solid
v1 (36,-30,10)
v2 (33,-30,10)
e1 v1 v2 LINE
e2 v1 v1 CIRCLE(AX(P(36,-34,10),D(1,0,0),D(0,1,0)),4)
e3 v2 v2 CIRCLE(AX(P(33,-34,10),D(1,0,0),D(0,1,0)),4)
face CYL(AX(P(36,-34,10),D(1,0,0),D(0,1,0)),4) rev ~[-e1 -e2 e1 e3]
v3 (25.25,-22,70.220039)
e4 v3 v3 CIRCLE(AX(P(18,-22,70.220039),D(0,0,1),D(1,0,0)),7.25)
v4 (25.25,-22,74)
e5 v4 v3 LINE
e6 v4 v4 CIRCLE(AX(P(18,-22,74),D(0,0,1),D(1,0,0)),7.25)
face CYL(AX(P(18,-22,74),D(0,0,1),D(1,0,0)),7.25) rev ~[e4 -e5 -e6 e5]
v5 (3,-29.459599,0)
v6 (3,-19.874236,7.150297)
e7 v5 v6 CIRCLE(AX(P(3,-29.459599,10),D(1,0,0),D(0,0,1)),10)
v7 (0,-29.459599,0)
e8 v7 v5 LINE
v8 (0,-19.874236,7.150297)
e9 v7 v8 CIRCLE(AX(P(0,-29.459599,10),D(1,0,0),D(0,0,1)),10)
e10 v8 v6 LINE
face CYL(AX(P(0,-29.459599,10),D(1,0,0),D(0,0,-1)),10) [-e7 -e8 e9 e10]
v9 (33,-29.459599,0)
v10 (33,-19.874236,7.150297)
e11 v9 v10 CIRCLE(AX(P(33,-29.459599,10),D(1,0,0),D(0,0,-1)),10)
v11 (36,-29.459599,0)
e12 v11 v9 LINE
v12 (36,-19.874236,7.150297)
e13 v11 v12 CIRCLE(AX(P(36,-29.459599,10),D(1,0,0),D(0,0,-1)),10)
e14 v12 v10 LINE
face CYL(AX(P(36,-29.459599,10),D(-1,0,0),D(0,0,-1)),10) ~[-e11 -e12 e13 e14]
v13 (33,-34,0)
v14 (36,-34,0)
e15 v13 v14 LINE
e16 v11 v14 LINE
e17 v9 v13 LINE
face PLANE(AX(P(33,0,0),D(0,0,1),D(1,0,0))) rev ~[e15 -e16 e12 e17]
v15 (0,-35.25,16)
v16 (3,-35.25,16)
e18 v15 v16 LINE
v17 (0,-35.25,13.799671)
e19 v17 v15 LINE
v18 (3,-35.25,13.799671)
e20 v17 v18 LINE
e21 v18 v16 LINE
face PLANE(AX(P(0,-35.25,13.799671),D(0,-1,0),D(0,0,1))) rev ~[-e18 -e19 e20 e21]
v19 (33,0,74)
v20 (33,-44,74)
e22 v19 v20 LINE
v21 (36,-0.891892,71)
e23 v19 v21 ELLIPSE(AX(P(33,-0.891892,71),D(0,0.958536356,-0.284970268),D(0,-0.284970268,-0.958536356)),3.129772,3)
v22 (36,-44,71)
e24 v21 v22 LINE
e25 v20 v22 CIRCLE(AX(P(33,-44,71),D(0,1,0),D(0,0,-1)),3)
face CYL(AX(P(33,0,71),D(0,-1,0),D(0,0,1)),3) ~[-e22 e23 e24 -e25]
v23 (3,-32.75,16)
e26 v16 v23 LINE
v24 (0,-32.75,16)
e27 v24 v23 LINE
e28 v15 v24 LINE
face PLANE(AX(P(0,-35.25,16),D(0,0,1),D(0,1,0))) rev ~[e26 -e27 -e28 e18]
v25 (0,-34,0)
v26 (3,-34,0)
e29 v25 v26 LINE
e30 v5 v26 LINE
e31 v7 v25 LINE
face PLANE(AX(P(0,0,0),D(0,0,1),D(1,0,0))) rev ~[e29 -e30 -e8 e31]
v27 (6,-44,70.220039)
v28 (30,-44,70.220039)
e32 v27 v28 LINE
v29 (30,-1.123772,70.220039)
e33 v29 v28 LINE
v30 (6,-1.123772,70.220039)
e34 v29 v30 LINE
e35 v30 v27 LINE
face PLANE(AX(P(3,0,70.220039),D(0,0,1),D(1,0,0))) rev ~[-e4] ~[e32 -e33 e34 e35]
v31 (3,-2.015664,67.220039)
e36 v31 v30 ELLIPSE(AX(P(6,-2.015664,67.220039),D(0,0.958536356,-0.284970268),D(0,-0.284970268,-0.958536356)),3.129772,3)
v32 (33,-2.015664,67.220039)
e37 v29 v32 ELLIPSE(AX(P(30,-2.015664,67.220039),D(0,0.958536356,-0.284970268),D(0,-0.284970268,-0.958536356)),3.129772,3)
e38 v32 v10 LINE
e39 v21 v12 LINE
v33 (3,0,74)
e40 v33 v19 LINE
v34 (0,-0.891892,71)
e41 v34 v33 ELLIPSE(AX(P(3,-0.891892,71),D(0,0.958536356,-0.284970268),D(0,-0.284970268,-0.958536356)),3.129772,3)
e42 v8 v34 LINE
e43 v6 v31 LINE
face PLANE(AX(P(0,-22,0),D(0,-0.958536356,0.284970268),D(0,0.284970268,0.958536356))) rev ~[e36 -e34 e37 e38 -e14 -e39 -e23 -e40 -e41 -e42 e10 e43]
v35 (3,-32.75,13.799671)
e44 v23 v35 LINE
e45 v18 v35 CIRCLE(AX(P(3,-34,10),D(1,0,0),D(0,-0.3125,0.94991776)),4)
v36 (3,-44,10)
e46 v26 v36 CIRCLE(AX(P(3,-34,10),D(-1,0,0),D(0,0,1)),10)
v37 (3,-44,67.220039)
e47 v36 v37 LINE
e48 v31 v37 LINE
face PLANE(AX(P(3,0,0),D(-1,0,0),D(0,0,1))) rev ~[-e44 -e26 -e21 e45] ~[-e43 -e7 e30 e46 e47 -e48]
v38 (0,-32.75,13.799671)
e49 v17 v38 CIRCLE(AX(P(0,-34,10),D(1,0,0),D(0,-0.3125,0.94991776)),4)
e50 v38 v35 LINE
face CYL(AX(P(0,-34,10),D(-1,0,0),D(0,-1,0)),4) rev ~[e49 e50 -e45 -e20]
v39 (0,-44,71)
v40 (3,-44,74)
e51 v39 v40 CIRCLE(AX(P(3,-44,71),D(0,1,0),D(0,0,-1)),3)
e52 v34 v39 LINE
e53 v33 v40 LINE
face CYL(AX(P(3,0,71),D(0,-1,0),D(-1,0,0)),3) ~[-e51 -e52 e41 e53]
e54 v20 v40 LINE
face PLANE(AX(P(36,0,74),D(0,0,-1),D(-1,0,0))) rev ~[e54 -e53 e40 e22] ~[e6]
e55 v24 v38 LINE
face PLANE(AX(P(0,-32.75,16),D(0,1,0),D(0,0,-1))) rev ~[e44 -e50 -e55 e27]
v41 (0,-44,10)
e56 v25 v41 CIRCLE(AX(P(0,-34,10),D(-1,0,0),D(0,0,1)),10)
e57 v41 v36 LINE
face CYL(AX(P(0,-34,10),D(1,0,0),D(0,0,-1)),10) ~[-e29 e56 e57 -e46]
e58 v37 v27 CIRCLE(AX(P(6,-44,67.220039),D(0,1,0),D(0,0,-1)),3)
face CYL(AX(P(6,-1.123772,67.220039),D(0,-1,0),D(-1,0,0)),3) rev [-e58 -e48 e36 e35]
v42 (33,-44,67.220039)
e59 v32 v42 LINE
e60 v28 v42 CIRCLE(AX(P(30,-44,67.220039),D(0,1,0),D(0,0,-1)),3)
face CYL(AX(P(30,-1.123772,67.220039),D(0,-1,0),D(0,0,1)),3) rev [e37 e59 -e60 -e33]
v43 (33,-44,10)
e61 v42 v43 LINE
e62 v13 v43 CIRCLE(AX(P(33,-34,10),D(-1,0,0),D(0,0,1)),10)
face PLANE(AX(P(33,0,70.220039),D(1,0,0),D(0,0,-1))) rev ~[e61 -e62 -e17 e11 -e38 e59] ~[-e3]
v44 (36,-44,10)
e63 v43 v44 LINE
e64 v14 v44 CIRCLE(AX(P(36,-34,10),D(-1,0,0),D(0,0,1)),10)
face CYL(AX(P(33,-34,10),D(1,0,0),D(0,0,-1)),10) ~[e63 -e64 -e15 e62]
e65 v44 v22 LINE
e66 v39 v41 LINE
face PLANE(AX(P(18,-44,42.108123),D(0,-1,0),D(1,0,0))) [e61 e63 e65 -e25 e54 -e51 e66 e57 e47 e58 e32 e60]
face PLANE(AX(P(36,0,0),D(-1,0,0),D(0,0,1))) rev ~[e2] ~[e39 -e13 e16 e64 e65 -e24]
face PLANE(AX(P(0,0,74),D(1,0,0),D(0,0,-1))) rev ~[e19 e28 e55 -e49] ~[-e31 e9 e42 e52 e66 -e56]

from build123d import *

# Parameters (mm, degrees)
F1_DEPTH  = 44
F2_R      = 4
F3_DEPTH  = 25
F4_DEPTH  = 25
F6_DEPTH  = 25
F5_R      = 4
F7_DEPTH  = 25
F8_R      = 3
F10_DEPTH = 25
F11_R     = 10
F12_R     = 7.25
F13_DEPTH = 25


with BuildPart() as f1:
    # F0 (on Front) → F1 (new body)
    with BuildSketch(Plane.XZ):
        Polygon((0, 74), (0, 0), (3, 0), (3, 70.2200388411), (33, 70.2200388411), (33, 0), (36, 0), (36, 74), align=None)
    extrude(amount=F1_DEPTH)

    # F2 (on face) → F3 (cut)
    with BuildSketch(Plane.YZ.offset(36)):
        with Locations((-34, 10)):
            Circle(F2_R)
    extrude(amount=-F3_DEPTH, mode=Mode.SUBTRACT)

    # F2 (on face) → F4 (cut)
    with BuildSketch(Plane.YZ.offset(36)):
        Polygon((0, 74), (-22, 0), (0, 0), align=None)
    extrude(amount=-F4_DEPTH, mode=Mode.SUBTRACT)

    # F5 (on face) → F6 (cut)
    with BuildSketch(Plane(origin=(0, 0, 0), x_dir=(0, -1, 0), z_dir=(-1, 0, 0))):
        Polygon((22, 0), (0, 74), (0, 0), align=None)
    extrude(amount=-F6_DEPTH, mode=Mode.SUBTRACT)

    # F5 (on face) → F7 (cut)
    with BuildSketch(Plane(origin=(0, 0, 0), x_dir=(0, -1, 0), z_dir=(-1, 0, 0))):
        with Locations((34, 10)):
            Circle(F5_R)
    extrude(amount=-F7_DEPTH, mode=Mode.SUBTRACT)

    # F8
    f8_edges = [f1.edges().sort_by_distance(p)[0] for p in [
        (36, -22, 74),
        (0, -22, 74),
        (33, -22.561886, 70.220039),
        (3, -22.561886, 70.220039),
    ]]
    fillet(f8_edges, radius=F8_R)

    # F9 (on face) → F10 (cut)
    with BuildSketch(Plane(origin=(0, 0, 0), x_dir=(0, -1, 0), z_dir=(-1, 0, 0))):
        with BuildLine():
            Line((32.75, 16), (32.75, 13.7996710384))
            ThreePointArc((32.75, 13.7996710384), (34, 14), (35.25, 13.7996710384))
            Line((35.25, 13.7996710384), (35.25, 16))
            Line((35.25, 16), (32.75, 16))
        make_face()
    extrude(amount=-F10_DEPTH, mode=Mode.SUBTRACT)

    # F11
    f11_edges = [f1.edges().sort_by_distance(p)[0] for p in [
        (1.5, -22, 0),
        (1.5, -44, 0),
        (34.5, -44, 0),
        (34.5, -22, 0),
    ]]
    fillet(f11_edges, radius=F11_R)

    # F12 (on face) → F13 (cut)
    with BuildSketch(Plane.XY.offset(74)):
        with Locations((18, -22)):
            Circle(F12_R)
    extrude(amount=-F13_DEPTH, mode=Mode.SUBTRACT)


solid = f1.part
